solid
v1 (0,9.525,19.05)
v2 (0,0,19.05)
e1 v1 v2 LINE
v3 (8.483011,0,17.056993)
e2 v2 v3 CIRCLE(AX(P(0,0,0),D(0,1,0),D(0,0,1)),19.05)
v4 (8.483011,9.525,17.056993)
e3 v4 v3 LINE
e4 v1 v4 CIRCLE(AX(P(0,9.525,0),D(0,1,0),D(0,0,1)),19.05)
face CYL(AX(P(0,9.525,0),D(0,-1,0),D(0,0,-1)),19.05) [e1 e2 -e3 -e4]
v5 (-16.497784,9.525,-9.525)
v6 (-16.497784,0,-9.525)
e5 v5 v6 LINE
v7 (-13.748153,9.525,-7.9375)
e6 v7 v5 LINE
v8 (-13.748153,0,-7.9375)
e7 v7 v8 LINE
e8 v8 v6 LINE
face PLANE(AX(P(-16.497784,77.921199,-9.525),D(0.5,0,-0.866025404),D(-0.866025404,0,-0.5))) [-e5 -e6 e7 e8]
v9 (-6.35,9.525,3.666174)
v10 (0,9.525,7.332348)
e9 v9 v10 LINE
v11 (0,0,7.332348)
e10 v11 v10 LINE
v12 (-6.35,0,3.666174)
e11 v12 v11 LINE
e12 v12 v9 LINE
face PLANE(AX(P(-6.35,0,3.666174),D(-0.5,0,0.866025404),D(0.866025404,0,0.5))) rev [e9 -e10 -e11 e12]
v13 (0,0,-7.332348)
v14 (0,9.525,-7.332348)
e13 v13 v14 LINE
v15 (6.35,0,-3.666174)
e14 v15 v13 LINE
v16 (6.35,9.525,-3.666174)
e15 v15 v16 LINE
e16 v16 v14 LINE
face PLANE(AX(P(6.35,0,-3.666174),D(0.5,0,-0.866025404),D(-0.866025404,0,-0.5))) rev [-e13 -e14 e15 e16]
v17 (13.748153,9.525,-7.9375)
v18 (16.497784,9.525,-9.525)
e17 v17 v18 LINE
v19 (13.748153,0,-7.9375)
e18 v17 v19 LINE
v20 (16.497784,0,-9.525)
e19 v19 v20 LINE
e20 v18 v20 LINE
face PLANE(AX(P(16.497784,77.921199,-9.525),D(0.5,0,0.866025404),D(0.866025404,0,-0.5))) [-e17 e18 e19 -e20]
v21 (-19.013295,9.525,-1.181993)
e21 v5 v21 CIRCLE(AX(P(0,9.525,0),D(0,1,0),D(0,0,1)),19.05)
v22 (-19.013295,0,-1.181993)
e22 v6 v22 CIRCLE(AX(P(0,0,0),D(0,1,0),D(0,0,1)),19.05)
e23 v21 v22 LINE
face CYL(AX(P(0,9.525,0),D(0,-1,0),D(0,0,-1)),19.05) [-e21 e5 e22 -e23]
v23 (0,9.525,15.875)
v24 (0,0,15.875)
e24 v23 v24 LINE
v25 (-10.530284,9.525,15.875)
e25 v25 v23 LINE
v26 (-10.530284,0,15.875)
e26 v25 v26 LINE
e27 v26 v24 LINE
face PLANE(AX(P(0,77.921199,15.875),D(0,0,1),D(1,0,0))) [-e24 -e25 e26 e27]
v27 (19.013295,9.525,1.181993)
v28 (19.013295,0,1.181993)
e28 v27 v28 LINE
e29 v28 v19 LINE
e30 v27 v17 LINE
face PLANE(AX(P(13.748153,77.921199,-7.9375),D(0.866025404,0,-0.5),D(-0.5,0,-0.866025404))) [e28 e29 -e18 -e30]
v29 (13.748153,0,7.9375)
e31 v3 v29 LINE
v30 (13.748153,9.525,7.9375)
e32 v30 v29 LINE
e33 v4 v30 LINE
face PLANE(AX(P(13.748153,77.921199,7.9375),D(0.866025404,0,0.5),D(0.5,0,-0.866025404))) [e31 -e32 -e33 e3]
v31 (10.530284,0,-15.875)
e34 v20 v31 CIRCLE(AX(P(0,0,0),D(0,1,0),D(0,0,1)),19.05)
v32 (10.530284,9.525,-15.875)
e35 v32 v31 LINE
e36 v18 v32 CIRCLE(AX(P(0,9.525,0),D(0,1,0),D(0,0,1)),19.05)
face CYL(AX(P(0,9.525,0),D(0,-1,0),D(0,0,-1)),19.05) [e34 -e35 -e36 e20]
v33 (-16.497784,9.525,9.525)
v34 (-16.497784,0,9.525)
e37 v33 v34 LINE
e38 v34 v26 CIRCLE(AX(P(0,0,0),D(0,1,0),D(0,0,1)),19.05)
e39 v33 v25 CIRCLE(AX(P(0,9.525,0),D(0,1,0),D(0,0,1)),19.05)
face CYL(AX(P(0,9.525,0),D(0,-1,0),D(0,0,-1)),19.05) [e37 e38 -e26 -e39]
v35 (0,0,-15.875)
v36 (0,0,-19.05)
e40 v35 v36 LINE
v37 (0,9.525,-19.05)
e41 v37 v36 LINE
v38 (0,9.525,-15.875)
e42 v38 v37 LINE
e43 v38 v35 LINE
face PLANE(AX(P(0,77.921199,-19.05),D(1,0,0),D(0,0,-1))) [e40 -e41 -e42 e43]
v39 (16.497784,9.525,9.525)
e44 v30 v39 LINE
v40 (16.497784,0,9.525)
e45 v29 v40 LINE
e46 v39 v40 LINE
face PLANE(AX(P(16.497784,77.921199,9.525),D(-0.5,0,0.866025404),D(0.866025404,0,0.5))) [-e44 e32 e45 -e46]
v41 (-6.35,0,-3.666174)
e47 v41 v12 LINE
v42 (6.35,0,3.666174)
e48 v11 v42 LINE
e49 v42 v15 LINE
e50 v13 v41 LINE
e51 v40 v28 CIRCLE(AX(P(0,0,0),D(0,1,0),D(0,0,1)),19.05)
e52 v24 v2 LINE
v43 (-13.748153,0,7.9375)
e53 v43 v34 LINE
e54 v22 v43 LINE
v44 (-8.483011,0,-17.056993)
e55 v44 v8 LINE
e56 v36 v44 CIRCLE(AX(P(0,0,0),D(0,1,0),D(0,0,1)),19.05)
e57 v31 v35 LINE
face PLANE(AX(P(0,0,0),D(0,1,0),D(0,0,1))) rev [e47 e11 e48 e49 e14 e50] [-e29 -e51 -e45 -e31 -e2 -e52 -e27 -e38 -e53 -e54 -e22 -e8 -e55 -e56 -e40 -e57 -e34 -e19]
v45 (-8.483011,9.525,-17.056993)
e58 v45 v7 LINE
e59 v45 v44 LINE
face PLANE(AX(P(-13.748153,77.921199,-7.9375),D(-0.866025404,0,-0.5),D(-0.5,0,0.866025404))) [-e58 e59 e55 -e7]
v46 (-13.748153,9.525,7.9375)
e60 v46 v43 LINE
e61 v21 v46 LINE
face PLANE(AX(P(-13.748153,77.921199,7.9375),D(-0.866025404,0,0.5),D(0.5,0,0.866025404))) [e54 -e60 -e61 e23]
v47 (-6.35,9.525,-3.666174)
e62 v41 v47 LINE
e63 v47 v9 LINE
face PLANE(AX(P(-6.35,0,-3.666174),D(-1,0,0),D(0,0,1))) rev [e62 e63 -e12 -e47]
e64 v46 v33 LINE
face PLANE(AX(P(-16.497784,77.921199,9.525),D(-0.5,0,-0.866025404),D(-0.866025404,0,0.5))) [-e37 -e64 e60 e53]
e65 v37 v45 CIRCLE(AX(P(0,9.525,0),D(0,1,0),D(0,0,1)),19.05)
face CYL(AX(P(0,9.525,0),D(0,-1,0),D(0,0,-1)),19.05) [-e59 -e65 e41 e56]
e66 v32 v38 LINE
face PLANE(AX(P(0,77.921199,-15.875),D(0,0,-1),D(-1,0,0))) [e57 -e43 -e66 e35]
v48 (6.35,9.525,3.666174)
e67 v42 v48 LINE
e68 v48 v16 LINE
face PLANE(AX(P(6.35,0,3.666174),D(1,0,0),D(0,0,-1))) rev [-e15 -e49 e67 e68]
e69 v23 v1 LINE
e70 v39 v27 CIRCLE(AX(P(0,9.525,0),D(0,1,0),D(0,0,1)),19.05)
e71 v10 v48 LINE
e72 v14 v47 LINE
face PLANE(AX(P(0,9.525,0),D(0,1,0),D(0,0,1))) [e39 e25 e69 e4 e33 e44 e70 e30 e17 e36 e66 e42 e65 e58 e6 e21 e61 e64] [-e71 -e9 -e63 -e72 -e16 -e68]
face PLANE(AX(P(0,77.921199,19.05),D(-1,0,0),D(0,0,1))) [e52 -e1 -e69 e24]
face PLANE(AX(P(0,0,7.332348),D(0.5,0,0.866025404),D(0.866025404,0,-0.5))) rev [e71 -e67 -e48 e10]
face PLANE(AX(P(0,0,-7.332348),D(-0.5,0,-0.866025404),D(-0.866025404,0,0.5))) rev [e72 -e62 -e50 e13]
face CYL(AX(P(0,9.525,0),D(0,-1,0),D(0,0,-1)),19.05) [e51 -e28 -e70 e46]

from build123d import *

# Parameters (mm, degrees)
SKETCH2_R           = 19.05
BOSS_EXTRUDE2_DEPTH = 9.525
CUT_EXTRUDE1_START  = -10.525
CUT_EXTRUDE1_DEPTH  = 11.525
CIRPATTERN1_COUNT   = 6
CUT_EXTRUDE2_DEPTH  = 10.525


with BuildPart() as part:
    # Sketch2 → Boss-Extrude2 (new body)
    with BuildSketch(Plane(origin=(0, 0, 0), x_dir=(1, 0, 0), z_dir=(0, 1, 0))):
        Circle(SKETCH2_R)
    extrude(amount=BOSS_EXTRUDE2_DEPTH)

    # Sketch3 → Cut-Extrude1 (cut)
    with BuildSketch(Plane(origin=(0, 9.525, 0), x_dir=(1, 0, 0), z_dir=(0, 1, 0)).offset(CUT_EXTRUDE1_START)):
        Polygon((0, 120.586851799), (0, 19.05), (0, 15.875), (10.530283709, 15.875), (112.067135509, 15.875), (250.709992792, 164.25655956), (138.642857283, 268.96841136), align=None)
    cut_extrude1 = extrude(amount=CUT_EXTRUDE1_DEPTH, mode=Mode.SUBTRACT)

    # CirPattern1: Cut-Extrude1 ×6 about axis
    cirpattern1_axis = Axis((0, 9.525, 0), (0, -1, 0))
    for i in range(1, CIRPATTERN1_COUNT):
        add(cut_extrude1.rotate(cirpattern1_axis, i * 360 / CIRPATTERN1_COUNT), mode=Mode.SUBTRACT)

    # Sketch4 → Cut-Extrude2 (cut, through all)
    with BuildSketch(Plane(origin=(0, 9.525, 0), x_dir=(1, 0, 0), z_dir=(0, 1, 0))):
        Polygon((0, 7.332348419), (-6.35, 3.666174209), (-6.35, -3.666174209), (0, -7.332348419), (6.35, -3.666174209), (6.35, 3.666174209), align=None)
    extrude(amount=-CUT_EXTRUDE2_DEPTH, mode=Mode.SUBTRACT)


solid = part.part
